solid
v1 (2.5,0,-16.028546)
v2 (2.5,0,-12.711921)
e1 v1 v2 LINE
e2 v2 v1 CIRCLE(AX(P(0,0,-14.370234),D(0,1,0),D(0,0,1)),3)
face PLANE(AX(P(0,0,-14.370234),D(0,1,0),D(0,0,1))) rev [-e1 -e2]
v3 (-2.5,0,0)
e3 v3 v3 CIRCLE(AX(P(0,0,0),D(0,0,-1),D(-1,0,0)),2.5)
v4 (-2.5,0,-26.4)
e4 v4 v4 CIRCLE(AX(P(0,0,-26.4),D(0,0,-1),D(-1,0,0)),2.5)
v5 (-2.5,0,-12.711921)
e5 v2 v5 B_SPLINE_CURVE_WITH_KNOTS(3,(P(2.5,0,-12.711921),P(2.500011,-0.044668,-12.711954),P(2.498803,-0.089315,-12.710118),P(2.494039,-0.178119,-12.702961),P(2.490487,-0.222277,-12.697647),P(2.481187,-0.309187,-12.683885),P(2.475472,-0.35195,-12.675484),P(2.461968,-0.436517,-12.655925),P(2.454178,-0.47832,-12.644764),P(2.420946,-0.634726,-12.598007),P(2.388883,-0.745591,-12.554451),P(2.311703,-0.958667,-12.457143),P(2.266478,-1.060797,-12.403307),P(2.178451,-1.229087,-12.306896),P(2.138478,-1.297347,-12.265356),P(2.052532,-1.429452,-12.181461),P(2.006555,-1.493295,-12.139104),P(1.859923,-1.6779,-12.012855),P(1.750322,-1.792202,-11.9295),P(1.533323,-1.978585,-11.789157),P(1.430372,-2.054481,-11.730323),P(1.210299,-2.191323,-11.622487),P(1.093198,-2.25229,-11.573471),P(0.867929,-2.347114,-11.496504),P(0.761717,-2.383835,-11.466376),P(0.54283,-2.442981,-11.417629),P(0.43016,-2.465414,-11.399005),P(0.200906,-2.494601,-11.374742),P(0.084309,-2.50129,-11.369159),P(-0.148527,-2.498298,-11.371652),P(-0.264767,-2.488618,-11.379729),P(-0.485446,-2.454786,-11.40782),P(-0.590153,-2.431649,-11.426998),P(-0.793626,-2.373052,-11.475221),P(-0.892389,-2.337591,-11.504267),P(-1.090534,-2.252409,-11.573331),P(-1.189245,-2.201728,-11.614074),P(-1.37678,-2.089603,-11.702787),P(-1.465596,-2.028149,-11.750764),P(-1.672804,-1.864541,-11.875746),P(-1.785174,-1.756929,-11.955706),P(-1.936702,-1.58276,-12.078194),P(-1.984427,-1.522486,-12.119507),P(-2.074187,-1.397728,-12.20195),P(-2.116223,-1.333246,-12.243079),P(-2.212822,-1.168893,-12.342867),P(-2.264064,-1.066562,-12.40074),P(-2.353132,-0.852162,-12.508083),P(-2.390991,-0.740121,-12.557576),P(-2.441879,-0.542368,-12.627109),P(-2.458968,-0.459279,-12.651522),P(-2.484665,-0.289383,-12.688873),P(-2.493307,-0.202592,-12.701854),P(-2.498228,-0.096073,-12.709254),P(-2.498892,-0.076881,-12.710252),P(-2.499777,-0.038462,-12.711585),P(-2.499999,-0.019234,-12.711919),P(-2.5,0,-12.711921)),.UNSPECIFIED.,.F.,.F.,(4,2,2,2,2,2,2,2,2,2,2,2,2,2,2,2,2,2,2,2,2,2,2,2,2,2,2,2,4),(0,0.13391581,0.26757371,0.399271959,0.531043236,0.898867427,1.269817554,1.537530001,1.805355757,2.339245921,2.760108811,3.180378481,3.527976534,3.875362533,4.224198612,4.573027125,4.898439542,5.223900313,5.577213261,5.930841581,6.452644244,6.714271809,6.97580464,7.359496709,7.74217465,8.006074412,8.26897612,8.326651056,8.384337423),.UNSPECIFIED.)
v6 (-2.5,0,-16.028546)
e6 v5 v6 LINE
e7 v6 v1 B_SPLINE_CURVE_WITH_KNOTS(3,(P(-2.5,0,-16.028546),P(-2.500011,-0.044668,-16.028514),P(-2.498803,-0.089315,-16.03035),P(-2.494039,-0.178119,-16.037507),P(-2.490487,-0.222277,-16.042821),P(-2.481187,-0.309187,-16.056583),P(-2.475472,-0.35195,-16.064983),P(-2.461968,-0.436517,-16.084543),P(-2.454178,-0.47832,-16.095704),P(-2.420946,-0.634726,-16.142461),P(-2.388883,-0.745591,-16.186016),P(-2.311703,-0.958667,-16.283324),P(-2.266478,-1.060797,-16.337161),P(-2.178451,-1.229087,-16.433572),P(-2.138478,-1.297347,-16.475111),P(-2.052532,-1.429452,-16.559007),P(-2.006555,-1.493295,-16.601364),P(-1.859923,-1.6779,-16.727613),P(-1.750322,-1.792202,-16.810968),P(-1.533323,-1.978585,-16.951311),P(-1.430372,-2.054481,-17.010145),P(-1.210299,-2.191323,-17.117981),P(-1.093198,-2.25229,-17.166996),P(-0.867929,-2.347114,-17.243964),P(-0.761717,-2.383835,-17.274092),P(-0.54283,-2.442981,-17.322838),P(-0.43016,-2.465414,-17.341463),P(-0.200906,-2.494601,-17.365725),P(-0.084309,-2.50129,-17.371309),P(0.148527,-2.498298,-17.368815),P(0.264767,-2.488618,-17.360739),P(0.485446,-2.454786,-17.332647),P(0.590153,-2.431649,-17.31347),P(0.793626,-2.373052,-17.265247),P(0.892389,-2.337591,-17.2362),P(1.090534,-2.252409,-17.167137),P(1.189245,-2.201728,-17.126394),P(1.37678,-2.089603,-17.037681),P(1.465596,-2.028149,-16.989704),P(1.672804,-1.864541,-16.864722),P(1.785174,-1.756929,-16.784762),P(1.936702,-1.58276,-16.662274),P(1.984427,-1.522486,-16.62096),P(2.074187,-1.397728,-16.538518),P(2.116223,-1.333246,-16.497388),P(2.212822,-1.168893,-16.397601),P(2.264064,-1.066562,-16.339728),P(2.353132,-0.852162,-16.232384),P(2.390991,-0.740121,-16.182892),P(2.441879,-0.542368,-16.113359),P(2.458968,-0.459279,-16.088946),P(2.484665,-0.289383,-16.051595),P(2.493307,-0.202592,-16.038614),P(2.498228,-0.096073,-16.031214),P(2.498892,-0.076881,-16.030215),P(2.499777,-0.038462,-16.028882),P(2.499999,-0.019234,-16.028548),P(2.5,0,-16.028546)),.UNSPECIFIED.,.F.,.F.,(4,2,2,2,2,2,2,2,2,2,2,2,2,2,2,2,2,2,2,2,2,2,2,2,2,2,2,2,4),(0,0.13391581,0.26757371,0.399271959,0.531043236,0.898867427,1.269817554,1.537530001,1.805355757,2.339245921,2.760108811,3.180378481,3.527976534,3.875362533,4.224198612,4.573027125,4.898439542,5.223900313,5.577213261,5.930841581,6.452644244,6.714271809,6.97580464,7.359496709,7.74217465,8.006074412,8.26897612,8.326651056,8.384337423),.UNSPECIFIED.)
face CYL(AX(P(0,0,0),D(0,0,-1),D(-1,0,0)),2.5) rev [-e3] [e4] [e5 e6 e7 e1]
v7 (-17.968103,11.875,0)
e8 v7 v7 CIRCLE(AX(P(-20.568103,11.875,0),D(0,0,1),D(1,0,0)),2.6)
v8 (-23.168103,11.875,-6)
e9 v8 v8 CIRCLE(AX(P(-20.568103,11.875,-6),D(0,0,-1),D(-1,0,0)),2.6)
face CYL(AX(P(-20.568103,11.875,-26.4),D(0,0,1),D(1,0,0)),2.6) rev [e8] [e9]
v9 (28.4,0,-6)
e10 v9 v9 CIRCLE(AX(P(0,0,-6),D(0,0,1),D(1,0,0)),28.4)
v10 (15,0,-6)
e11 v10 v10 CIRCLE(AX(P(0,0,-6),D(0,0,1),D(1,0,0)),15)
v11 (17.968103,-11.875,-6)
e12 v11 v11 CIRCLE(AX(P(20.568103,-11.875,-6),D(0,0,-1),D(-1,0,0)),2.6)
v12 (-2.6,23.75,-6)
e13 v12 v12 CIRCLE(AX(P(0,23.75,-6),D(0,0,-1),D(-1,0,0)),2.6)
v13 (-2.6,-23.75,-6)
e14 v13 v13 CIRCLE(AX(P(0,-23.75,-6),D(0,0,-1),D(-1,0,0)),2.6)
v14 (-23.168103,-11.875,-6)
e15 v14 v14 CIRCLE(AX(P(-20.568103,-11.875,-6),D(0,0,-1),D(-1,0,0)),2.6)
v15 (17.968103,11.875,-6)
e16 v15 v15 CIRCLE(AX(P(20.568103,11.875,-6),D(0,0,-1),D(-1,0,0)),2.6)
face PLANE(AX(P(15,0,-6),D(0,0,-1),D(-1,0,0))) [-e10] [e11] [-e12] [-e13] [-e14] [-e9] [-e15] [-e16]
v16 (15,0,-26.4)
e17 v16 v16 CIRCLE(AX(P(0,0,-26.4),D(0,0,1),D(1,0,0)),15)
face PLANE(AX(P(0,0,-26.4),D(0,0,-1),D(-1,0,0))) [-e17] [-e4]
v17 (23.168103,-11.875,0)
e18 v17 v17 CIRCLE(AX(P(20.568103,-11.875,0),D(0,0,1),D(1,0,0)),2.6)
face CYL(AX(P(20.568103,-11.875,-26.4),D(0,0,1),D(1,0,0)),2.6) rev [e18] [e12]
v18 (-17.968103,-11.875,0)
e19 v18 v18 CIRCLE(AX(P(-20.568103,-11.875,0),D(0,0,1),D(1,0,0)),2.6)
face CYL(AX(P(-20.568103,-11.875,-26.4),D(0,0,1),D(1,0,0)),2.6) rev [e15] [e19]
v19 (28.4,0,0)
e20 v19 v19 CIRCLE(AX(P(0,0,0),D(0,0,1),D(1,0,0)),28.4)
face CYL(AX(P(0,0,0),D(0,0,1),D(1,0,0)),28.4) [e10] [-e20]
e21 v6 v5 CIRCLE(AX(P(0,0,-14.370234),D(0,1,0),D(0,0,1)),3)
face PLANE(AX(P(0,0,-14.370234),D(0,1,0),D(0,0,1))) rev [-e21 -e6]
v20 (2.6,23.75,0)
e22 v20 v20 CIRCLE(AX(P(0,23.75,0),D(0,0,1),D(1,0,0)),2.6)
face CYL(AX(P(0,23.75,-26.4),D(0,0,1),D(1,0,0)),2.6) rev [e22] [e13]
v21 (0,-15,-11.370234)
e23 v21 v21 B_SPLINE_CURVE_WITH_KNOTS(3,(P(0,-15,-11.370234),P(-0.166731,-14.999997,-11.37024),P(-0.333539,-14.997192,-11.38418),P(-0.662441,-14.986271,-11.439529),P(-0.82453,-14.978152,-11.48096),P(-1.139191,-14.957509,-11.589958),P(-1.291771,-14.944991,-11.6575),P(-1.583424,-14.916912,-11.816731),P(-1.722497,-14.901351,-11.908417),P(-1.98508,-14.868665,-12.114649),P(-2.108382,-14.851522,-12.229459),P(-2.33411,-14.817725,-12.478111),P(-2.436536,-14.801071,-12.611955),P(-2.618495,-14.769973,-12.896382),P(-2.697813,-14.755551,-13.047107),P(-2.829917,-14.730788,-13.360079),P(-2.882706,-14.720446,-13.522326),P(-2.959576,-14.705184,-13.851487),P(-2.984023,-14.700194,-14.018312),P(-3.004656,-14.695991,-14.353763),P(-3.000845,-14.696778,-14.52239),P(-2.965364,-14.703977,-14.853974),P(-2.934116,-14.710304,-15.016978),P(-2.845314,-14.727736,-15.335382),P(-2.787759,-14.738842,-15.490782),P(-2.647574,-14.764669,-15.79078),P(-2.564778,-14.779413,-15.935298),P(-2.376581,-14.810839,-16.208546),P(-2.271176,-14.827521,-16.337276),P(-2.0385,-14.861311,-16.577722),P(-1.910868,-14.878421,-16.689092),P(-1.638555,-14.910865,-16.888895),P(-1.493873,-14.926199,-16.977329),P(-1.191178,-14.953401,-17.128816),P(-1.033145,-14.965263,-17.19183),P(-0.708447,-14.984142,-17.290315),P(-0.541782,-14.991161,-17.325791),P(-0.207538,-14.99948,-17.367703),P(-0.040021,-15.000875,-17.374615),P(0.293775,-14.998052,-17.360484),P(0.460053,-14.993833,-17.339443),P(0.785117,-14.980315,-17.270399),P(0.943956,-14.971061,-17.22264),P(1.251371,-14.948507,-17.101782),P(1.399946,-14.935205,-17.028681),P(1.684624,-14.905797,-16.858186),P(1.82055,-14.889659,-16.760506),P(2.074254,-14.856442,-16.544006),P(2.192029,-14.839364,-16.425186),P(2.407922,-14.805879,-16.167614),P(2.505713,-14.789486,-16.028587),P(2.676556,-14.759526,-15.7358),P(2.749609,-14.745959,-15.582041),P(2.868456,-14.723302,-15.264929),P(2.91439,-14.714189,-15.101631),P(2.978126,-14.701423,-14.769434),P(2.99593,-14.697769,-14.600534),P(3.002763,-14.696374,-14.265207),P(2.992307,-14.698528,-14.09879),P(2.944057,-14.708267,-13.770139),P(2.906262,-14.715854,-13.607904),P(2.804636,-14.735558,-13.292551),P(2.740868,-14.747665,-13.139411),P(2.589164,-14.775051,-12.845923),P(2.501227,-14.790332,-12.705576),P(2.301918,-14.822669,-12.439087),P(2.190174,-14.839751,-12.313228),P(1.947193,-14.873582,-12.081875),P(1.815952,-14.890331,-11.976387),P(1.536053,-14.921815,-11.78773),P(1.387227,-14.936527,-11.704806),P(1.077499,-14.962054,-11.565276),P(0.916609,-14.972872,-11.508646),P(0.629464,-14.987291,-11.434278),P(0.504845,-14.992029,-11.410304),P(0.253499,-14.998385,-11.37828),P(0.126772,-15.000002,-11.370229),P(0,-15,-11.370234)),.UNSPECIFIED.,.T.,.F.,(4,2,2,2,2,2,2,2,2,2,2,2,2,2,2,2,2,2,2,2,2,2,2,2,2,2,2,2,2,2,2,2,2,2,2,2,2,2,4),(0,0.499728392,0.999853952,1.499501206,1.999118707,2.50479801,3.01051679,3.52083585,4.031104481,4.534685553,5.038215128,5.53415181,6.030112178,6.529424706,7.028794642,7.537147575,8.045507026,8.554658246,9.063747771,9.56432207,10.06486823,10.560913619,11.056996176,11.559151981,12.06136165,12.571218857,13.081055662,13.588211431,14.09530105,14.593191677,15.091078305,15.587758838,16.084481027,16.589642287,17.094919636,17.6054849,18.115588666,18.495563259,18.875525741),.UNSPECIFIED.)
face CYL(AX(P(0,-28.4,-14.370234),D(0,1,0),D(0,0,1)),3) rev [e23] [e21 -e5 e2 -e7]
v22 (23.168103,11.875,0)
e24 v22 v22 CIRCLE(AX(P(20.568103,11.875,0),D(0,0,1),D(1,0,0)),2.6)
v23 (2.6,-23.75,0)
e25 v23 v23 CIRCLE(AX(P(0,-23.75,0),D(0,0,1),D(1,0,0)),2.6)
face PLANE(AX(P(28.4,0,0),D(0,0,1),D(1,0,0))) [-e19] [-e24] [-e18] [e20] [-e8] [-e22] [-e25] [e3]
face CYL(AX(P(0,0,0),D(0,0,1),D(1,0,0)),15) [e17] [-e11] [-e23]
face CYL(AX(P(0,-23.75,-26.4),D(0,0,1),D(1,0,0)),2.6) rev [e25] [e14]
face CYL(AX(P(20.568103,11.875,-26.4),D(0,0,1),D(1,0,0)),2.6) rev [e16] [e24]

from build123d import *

# Parameters (mm, degrees)
SKETCH_2_R          = 2.5
CUT_EXTRUDE_1_DEPTH = 49.063291606
SKETCH_3_R          = 3
CUT_EXTRUDE_2_DEPTH = 49.063291606
SKETCH_4_R          = 2.6
CUT_EXTRUDE_3_DEPTH = 49.063291661


with BuildPart() as part:
    # 草图1 → 旋转1 (revolve)
    with BuildSketch(Plane(origin=(0, 0, 0), x_dir=(1, 0, 0), z_dir=(0, 1, 0))):
        Polygon((0, 0), (0, 26.4), (15, 26.4), (15, 6), (28.4, 6), (28.4, 0), align=None)
    revolve(axis=Axis((0, 0, 0), (0, 0, -1)))

    # 草图2 → 切除-拉伸1 (cut, through all)
    with BuildSketch(Plane(origin=(0, 0, -26.4), x_dir=(-1, 0, 0), z_dir=(0, 0, -1))):
        Circle(SKETCH_2_R)
    extrude(amount=-CUT_EXTRUDE_1_DEPTH, mode=Mode.SUBTRACT)

    # 草图3 → 切除-拉伸2 (cut, through all)
    with BuildSketch(Plane(origin=(0, 0, 0), x_dir=(1, 0, 0), z_dir=(0, 1, 0))):
        with Locations(Location((0, 14.370233869, 0), (0, 0, 270))):
            Circle(SKETCH_3_R)
    extrude(amount=-CUT_EXTRUDE_2_DEPTH, mode=Mode.SUBTRACT)

    # 草图4 → 切除-拉伸3 (cut, through all)
    with BuildSketch(Plane.XY):
        with Locations((0, 23.75)):
            Circle(SKETCH_4_R)
        with Locations((20.56810334, 11.875)):
            Circle(SKETCH_4_R)
        with Locations((20.56810334, -11.875)):
            Circle(SKETCH_4_R)
        with Locations((0, -23.75)):
            Circle(SKETCH_4_R)
        with Locations((-20.56810334, -11.875)):
            Circle(SKETCH_4_R)
        with Locations((-20.56810334, 11.875)):
            Circle(SKETCH_4_R)
    extrude(amount=-CUT_EXTRUDE_3_DEPTH, mode=Mode.SUBTRACT)


solid = part.part
